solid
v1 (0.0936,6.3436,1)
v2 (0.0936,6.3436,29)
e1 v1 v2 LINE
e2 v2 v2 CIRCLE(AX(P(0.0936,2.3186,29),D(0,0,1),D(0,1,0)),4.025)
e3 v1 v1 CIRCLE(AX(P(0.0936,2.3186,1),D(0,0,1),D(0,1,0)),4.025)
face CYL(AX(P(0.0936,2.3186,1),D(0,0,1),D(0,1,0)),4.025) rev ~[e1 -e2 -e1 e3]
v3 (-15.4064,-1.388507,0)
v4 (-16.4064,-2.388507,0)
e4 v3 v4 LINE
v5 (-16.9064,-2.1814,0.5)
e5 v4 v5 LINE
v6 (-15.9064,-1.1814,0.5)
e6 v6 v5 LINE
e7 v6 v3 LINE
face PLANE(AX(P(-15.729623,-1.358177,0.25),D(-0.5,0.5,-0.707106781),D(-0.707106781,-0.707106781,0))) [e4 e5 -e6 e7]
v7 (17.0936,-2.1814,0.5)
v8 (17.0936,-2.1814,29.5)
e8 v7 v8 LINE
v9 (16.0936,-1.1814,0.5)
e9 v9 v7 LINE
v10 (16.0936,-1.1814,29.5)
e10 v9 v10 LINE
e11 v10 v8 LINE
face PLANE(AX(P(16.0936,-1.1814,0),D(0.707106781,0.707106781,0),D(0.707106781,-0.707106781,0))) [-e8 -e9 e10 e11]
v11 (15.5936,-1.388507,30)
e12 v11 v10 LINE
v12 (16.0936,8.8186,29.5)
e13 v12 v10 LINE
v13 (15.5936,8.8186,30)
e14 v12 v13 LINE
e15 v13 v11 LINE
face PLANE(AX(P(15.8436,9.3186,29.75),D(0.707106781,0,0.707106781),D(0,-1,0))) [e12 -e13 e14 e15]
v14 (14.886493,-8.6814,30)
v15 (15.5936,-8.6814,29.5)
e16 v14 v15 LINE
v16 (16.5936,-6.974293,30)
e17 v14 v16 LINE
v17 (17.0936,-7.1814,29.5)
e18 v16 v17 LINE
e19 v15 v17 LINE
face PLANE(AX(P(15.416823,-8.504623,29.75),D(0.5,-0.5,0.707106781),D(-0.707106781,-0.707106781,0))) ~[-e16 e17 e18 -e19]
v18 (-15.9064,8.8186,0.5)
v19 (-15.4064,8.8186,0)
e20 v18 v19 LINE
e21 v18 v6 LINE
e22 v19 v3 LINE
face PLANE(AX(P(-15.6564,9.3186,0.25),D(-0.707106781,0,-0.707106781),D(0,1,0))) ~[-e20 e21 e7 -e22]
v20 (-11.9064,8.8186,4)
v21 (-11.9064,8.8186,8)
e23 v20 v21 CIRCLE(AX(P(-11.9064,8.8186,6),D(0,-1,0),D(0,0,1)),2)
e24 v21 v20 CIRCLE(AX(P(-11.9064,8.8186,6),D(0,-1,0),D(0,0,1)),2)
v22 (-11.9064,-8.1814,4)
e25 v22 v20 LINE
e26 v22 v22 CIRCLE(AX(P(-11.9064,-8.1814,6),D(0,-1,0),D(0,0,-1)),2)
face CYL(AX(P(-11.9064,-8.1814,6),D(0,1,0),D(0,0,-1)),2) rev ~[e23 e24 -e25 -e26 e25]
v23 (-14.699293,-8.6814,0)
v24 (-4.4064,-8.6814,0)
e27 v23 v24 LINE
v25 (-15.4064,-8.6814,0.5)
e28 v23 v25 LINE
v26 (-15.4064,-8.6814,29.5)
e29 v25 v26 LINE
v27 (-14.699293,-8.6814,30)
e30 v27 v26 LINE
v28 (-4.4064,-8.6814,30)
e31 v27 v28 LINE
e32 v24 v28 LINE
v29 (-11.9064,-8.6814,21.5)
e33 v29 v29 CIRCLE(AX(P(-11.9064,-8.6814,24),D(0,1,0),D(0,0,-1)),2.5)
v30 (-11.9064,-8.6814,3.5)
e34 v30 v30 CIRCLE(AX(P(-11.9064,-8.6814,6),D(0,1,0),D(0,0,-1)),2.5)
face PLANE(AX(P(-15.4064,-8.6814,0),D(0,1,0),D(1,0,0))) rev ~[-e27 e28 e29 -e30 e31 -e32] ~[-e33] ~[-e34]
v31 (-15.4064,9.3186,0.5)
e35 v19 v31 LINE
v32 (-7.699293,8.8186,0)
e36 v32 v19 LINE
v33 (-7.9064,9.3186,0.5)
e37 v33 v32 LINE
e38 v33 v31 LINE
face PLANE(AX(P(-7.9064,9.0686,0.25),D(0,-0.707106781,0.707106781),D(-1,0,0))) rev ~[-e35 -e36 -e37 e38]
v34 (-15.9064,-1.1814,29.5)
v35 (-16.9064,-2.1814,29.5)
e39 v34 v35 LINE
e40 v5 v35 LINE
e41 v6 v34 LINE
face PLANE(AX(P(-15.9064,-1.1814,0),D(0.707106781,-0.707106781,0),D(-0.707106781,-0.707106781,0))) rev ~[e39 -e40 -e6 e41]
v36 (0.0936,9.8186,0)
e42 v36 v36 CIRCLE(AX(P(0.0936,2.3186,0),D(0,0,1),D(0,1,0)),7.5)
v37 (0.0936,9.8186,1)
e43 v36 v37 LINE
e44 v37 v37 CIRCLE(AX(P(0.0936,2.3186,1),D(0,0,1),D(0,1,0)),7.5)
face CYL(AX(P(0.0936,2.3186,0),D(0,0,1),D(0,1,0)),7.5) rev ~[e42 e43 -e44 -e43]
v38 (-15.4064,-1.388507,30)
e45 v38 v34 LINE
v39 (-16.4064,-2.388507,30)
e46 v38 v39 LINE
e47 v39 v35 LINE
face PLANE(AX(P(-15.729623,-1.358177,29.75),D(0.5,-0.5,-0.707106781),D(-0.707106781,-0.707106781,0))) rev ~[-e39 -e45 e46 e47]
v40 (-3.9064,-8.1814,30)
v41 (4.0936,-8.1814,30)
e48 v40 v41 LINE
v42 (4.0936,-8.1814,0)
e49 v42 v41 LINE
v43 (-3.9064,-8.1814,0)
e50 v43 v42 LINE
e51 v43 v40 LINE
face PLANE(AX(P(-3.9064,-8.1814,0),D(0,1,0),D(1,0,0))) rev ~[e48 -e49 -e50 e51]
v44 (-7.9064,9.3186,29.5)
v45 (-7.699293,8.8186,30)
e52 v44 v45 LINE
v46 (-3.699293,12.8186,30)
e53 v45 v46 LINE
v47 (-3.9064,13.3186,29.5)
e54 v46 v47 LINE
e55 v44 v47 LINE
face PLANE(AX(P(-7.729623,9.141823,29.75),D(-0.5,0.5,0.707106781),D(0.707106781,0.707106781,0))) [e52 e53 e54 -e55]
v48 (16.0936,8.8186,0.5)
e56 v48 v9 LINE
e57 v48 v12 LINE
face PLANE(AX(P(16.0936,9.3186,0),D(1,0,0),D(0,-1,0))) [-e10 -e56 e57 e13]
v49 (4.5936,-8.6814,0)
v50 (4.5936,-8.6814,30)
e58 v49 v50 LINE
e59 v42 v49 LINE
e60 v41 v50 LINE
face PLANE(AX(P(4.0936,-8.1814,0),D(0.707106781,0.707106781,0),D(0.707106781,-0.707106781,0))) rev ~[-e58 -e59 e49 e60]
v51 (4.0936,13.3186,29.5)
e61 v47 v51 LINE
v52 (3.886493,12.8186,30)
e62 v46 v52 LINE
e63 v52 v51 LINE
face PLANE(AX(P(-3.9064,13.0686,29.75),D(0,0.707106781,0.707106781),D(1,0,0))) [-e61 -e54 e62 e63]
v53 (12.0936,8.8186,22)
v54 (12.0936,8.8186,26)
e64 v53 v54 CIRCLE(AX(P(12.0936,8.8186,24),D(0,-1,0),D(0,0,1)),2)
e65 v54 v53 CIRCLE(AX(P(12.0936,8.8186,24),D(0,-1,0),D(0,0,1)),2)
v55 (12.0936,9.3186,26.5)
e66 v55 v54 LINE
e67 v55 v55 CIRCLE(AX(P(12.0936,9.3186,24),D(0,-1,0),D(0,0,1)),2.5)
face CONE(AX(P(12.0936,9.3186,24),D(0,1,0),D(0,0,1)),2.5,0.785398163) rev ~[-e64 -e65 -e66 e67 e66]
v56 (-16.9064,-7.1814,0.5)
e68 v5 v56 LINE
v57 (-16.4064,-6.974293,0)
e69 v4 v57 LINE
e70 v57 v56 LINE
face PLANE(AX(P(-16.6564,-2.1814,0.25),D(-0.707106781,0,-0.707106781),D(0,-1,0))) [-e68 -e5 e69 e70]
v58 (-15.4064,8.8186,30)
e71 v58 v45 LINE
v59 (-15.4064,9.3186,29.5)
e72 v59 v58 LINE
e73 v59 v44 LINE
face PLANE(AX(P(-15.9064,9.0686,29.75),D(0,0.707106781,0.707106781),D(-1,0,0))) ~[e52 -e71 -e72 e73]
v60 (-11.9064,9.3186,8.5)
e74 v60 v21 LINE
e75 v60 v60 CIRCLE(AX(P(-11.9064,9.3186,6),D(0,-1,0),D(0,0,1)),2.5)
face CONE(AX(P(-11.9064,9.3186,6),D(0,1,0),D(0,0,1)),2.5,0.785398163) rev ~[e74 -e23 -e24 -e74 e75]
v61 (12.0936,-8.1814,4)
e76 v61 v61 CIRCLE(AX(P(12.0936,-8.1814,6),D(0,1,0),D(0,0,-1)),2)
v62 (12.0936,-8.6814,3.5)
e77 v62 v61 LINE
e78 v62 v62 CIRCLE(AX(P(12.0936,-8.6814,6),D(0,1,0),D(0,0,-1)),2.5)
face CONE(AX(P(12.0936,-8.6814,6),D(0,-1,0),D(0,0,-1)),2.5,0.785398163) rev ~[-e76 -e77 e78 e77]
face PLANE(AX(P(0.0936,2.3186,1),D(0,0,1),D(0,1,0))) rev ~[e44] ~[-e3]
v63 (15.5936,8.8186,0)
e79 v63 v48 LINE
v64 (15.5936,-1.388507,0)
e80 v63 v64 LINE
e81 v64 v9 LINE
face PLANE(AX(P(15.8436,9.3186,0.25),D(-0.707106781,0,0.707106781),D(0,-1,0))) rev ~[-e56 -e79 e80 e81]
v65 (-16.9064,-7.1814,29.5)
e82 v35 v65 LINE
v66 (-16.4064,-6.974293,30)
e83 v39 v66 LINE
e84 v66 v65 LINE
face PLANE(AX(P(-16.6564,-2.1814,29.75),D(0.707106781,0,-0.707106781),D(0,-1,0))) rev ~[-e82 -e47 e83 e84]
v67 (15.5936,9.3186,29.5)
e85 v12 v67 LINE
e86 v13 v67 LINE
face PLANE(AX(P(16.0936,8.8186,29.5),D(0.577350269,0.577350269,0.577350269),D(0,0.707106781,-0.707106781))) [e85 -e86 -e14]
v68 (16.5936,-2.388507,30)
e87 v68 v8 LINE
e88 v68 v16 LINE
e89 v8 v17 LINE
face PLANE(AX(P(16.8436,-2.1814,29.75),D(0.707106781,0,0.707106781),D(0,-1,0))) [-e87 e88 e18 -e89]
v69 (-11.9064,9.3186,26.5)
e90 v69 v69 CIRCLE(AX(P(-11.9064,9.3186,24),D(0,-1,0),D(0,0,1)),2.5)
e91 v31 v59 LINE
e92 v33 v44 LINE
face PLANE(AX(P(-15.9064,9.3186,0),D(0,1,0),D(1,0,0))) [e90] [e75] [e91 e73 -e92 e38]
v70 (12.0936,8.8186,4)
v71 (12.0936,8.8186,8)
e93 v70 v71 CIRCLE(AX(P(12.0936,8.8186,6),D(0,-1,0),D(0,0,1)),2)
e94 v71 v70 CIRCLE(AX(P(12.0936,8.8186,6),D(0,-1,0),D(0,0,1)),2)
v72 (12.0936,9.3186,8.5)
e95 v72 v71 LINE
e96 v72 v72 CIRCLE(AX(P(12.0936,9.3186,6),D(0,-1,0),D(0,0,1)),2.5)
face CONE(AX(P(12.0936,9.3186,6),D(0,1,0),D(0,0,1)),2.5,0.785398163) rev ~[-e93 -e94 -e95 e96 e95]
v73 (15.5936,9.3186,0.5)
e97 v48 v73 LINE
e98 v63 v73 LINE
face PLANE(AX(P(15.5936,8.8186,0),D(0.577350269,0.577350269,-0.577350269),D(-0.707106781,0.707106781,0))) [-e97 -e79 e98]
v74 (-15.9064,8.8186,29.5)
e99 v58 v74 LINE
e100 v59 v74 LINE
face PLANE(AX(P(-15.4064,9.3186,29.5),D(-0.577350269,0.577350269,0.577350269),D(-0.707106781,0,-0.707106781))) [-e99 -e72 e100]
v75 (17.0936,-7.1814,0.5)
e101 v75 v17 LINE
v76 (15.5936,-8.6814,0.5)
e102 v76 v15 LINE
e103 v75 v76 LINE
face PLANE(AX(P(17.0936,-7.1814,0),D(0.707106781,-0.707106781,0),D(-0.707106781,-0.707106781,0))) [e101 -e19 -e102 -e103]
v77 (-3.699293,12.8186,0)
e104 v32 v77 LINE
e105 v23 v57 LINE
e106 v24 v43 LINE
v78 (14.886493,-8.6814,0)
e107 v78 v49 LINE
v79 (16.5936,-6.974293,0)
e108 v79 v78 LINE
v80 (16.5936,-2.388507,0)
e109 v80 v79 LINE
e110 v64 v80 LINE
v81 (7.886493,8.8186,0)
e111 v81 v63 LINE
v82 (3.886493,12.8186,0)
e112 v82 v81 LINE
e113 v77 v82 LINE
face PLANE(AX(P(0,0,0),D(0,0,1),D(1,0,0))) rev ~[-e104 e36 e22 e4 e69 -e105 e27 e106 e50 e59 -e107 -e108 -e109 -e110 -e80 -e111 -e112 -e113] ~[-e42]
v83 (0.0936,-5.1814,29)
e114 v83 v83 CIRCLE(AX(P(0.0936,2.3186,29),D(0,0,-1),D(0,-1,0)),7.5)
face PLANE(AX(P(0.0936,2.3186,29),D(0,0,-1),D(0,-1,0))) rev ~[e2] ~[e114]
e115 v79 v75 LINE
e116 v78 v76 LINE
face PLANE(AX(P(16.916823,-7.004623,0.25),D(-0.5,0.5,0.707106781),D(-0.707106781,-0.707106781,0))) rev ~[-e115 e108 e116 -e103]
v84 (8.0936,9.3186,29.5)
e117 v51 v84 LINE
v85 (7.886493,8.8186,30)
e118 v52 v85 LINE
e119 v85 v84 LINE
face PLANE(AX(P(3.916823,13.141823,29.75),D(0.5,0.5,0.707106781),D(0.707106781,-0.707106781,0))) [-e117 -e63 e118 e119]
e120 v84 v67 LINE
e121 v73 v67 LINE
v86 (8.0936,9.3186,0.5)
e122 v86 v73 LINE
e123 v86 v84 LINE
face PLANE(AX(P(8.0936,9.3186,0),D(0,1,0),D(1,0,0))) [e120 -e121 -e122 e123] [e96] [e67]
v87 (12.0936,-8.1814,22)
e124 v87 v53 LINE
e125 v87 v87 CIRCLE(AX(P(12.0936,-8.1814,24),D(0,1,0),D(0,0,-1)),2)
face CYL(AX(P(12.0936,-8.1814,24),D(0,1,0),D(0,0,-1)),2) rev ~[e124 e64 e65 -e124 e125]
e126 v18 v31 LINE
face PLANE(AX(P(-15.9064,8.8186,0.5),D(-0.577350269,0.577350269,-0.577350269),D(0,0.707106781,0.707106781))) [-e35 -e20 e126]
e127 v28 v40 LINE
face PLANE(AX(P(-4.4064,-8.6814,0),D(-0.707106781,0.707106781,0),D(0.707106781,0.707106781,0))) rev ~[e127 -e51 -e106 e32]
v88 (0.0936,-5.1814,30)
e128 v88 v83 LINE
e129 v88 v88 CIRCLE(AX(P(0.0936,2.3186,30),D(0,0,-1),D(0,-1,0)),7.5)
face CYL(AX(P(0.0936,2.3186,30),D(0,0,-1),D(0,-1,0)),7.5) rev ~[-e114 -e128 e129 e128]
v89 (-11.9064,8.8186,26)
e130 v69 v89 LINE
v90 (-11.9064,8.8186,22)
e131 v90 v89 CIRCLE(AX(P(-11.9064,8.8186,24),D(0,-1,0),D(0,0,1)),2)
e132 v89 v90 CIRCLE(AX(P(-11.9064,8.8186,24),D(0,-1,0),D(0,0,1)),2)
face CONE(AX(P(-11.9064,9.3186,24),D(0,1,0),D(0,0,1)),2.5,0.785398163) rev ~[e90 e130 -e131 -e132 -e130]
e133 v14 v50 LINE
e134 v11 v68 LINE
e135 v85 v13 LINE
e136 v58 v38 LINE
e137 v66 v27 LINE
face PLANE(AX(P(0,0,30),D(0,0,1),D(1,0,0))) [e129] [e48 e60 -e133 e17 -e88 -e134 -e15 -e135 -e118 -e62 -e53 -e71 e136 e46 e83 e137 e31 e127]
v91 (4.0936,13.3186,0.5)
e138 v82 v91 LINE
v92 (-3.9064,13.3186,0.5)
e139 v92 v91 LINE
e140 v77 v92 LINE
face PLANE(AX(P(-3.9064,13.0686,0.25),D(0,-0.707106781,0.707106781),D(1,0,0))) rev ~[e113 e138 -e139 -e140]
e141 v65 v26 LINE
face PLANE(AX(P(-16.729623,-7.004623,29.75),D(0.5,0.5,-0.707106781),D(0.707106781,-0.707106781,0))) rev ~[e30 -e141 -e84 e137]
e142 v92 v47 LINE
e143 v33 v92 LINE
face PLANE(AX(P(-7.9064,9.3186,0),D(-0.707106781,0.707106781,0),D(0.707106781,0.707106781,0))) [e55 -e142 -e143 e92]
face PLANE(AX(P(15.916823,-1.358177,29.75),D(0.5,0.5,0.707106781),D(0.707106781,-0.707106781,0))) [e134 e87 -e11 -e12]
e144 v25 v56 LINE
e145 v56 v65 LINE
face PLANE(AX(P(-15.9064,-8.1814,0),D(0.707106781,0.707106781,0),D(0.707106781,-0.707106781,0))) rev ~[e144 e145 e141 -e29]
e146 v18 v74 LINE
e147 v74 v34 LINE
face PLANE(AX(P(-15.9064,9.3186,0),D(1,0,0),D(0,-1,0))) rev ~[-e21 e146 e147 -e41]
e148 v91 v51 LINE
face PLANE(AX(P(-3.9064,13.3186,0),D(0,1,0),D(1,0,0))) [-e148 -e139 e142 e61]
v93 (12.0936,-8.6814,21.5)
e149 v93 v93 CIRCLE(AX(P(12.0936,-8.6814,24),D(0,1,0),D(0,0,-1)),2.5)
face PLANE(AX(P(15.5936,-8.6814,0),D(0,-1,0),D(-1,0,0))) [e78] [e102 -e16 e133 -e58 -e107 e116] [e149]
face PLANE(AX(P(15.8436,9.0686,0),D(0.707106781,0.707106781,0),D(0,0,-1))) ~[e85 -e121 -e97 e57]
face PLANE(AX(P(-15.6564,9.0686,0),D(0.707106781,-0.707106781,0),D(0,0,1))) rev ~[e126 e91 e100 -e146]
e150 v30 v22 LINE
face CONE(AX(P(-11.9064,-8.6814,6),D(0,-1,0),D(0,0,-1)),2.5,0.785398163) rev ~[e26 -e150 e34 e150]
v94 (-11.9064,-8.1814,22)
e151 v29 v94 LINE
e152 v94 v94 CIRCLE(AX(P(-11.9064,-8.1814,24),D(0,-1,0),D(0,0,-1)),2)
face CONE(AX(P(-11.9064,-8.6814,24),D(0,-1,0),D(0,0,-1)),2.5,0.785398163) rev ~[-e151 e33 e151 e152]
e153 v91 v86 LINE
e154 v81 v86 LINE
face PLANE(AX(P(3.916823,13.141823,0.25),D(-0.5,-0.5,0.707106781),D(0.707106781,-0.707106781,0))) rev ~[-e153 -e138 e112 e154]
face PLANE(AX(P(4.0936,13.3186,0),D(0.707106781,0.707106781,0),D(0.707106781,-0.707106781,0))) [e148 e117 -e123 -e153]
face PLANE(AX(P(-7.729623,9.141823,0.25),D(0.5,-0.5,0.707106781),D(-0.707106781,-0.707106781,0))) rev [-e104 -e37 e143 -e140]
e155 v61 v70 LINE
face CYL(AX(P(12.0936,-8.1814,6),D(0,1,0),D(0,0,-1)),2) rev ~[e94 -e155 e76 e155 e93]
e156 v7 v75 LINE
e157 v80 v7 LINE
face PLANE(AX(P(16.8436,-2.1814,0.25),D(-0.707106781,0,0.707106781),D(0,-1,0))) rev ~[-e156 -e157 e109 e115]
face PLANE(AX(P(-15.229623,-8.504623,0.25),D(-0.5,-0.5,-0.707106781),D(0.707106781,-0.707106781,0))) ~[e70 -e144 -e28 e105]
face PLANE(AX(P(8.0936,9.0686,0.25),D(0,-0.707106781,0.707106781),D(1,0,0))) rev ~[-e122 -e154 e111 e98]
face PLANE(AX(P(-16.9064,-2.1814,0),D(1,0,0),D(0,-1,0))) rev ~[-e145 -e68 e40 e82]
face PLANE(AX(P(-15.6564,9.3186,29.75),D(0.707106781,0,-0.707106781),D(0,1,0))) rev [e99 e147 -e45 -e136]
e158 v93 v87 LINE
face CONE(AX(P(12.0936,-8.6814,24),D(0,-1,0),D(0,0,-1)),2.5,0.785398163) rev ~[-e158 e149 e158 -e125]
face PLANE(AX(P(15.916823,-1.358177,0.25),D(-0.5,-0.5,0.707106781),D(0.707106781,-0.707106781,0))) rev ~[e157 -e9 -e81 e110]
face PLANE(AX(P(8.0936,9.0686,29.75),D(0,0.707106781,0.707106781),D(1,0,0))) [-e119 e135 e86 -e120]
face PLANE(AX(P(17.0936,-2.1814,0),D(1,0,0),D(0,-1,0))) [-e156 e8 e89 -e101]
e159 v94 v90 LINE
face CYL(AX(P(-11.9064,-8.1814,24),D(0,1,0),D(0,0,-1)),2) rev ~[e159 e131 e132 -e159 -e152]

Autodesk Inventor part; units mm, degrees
ref_plane "YZ Plane" through (0, 0, 0) normal (1, 0, 0) x (0, 1, 0)
ref_plane "XZ Plane" through (0, 0, 0) normal (0, 1, 0) x (-1, 0, 0)
ref_plane "XY Plane" through (0, 0, 0) normal (0, 0, 1) x (1, 0, 0)
sketch "Sketch1" plane through (0, 0, 0) normal (0, 0, 1) x (1, 0, 0)
  line L0 (-15.9064, 9.3186) -> (-7.9064, 9.3186)
  line L1 (-7.9064, 9.3186) -> (-3.9064, 13.3186)
  line L2 (-3.9064, 13.3186) -> (4.0936, 13.3186)
  line L3 (4.0936, 13.3186) -> (8.0936, 9.3186)
  line L4 (8.0936, 9.3186) -> (16.0936, 9.3186)
  line L5 (-15.9064, 9.3186) -> (-15.9064, -1.1814)
  line L6 (-15.9064, -1.1814) -> (-16.9064, -2.1814)
  line L7 (-16.9064, -2.1814) -> (-16.9064, -7.1814)
  line L8 (-16.9064, -7.1814) -> (-15.9064, -8.1814)
  line L9 (16.0936, 9.3186) -> (16.0936, -1.1814)
  line L10 (16.0936, -1.1814) -> (17.0936, -2.1814)
  line L11 (17.0936, -2.1814) -> (17.0936, -7.1814)
  line L12 (17.0936, -7.1814) -> (16.0936, -8.1814)
  line L13 (16.0936, -8.1814) -> (-15.9064, -8.1814) construction
  line L14 (-15.9064, -8.6814) -> (16.0936, -8.6814) construction
  line L15 (-15.9064, -8.1814) -> (-15.4064, -8.6814)
  line L16 (-15.4064, -8.6814) -> (-4.4064, -8.6814)
  line L17 (-4.4064, -8.6814) -> (-3.9064, -8.1814)
  line L18 (-3.9064, -8.1814) -> (4.0936, -8.1814)
  line L19 (4.0936, -8.1814) -> (4.5936, -8.6814)
  line L20 (16.0936, -8.1814) -> (15.5936, -8.6814)
  line L21 (15.5936, -8.6814) -> (4.5936, -8.6814)
  line L22 (-11.9064, 9.3186) -> (-11.9064, 8.0705)
  dimension "d23" = 8
  dimension "d24" = 135
  dimension "d25" = 135
  dimension "d26" = 4
  dimension "d27" = 8
  dimension "d28" = 8
  dimension "d29" = 135
  dimension "d30" = 135
  dimension "d31" = 10.5
  dimension "d32" = 135
  dimension "d33" = 135
  dimension "d34" = 1
  dimension "d35" = 1
  dimension "d36" = 135
  dimension "d37" = 135
  dimension "d38" = 135
  dimension "d39" = 1
  dimension "d40" = 10.5
  dimension "d41" = 5
  dimension "d42" = 5
  dimension "d136" = 0.5
  dimension "d137" = 11
  dimension "d138" = 8
  dimension "d139" = 135
  dimension "d140" = 135
  dimension "d141" = 135
  dimension "d142" = 135
  dimension "d143" = 135
  dimension "d144" = 11
extrude "Extrusion1" add sketch "Sketch1" along normal blind 30
hole "Hole1" at (0.0936, 2.3186, 30) direction (0, 0, -1) diameter 15 depth 1
hole "Hole2" at (0.0936, 2.3186, 0) direction (0, 0, 1) diameter 15 depth 1
hole "Hole3" at (0.0936, 2.3186, 1) direction (0, 0, 1) diameter 8.05 depth 28
chamfer "Chamfer5" distance 0.5 angle 45 28 edges at (-16.1564, -7.9314, 30) (-16.9064, -4.6814, 30) (-16.4064, -1.6814, 30) (-15.9064, 4.0686, 30) (-11.9064, 9.3186, 30) (-5.9064, 11.3186, 30) (0.0936, 13.3186, 30) (6.0936, 11.3186, 30) (12.0936, 9.3186, 30) (16.0936, 4.0686, 30) (16.5936, -1.6814, 30) (17.0936, -4.6814, 30) (16.3436, -7.9314, 30) (16.0936, 9.3186, 15) (16.3436, -7.9314, 0) (17.0936, -4.6814, 0) (16.5936, -1.6814, 0) (16.0936, 4.0686, 0) (12.0936, 9.3186, 0) (6.0936, 11.3186, 0) (0.0936, 13.3186, 0) (-5.9064, 11.3186, 0) (-11.9064, 9.3186, 0) (-15.9064, 4.0686, 0) (-16.4064, -1.6814, 0) (-16.9064, -4.6814, 0) (-16.1564, -7.9314, 0) (-15.9064, 9.3186, 15)
hole "Hole8" at (12.0936, -8.6814, 6) direction (0, 1, 0) diameter 4 depth 18 countersink diameter 5 countersink angle 90
hole "Hole9" at (12.0936, -8.6814, 24) direction (0, 1, 0) diameter 4 depth 18 countersink diameter 5 countersink angle 90
hole "Hole10" at (-11.9064, -8.6814, 24) direction (0, 1, 0) diameter 4 depth 18 countersink diameter 5 countersink angle 90
hole "Hole11" at (-11.9064, -8.6814, 6) direction (0, 1, 0) diameter 4 depth 18 countersink diameter 5 countersink angle 90
hole "Hole12" at (-11.9064, 9.3186, 24) direction (0, -1, 0) diameter 4 depth 18 countersink diameter 5 countersink angle 90
hole "Hole13" at (-11.9064, 9.3186, 6) direction (0, -1, 0) diameter 4 depth 18 countersink diameter 5 countersink angle 90
hole "Hole14" at (12.0936, 9.3186, 6) direction (0, -1, 0) diameter 4 depth 18 countersink diameter 5 countersink angle 90
hole "Hole15" at (12.0936, 9.3186, 24) direction (0, -1, 0) diameter 4 depth 18 countersink diameter 5 countersink angle 90
thread "Thread1" size "M4x0.7" class "6H" standard "ANSI Metric M Profile" full length
thread "Thread2" size "M4x0.7" class "6H" standard "ANSI Metric M Profile" full length
thread "Thread3" size "M4x0.7" class "6H" standard "ANSI Metric M Profile" full length
thread "Thread4" size "M4x0.7" class "6H" standard "ANSI Metric M Profile" full length
equation "\"d37\" = d36"
equation "\"d38\" = d36"
equation "\"d40\" = d31"
properties part number "SV8UU"
